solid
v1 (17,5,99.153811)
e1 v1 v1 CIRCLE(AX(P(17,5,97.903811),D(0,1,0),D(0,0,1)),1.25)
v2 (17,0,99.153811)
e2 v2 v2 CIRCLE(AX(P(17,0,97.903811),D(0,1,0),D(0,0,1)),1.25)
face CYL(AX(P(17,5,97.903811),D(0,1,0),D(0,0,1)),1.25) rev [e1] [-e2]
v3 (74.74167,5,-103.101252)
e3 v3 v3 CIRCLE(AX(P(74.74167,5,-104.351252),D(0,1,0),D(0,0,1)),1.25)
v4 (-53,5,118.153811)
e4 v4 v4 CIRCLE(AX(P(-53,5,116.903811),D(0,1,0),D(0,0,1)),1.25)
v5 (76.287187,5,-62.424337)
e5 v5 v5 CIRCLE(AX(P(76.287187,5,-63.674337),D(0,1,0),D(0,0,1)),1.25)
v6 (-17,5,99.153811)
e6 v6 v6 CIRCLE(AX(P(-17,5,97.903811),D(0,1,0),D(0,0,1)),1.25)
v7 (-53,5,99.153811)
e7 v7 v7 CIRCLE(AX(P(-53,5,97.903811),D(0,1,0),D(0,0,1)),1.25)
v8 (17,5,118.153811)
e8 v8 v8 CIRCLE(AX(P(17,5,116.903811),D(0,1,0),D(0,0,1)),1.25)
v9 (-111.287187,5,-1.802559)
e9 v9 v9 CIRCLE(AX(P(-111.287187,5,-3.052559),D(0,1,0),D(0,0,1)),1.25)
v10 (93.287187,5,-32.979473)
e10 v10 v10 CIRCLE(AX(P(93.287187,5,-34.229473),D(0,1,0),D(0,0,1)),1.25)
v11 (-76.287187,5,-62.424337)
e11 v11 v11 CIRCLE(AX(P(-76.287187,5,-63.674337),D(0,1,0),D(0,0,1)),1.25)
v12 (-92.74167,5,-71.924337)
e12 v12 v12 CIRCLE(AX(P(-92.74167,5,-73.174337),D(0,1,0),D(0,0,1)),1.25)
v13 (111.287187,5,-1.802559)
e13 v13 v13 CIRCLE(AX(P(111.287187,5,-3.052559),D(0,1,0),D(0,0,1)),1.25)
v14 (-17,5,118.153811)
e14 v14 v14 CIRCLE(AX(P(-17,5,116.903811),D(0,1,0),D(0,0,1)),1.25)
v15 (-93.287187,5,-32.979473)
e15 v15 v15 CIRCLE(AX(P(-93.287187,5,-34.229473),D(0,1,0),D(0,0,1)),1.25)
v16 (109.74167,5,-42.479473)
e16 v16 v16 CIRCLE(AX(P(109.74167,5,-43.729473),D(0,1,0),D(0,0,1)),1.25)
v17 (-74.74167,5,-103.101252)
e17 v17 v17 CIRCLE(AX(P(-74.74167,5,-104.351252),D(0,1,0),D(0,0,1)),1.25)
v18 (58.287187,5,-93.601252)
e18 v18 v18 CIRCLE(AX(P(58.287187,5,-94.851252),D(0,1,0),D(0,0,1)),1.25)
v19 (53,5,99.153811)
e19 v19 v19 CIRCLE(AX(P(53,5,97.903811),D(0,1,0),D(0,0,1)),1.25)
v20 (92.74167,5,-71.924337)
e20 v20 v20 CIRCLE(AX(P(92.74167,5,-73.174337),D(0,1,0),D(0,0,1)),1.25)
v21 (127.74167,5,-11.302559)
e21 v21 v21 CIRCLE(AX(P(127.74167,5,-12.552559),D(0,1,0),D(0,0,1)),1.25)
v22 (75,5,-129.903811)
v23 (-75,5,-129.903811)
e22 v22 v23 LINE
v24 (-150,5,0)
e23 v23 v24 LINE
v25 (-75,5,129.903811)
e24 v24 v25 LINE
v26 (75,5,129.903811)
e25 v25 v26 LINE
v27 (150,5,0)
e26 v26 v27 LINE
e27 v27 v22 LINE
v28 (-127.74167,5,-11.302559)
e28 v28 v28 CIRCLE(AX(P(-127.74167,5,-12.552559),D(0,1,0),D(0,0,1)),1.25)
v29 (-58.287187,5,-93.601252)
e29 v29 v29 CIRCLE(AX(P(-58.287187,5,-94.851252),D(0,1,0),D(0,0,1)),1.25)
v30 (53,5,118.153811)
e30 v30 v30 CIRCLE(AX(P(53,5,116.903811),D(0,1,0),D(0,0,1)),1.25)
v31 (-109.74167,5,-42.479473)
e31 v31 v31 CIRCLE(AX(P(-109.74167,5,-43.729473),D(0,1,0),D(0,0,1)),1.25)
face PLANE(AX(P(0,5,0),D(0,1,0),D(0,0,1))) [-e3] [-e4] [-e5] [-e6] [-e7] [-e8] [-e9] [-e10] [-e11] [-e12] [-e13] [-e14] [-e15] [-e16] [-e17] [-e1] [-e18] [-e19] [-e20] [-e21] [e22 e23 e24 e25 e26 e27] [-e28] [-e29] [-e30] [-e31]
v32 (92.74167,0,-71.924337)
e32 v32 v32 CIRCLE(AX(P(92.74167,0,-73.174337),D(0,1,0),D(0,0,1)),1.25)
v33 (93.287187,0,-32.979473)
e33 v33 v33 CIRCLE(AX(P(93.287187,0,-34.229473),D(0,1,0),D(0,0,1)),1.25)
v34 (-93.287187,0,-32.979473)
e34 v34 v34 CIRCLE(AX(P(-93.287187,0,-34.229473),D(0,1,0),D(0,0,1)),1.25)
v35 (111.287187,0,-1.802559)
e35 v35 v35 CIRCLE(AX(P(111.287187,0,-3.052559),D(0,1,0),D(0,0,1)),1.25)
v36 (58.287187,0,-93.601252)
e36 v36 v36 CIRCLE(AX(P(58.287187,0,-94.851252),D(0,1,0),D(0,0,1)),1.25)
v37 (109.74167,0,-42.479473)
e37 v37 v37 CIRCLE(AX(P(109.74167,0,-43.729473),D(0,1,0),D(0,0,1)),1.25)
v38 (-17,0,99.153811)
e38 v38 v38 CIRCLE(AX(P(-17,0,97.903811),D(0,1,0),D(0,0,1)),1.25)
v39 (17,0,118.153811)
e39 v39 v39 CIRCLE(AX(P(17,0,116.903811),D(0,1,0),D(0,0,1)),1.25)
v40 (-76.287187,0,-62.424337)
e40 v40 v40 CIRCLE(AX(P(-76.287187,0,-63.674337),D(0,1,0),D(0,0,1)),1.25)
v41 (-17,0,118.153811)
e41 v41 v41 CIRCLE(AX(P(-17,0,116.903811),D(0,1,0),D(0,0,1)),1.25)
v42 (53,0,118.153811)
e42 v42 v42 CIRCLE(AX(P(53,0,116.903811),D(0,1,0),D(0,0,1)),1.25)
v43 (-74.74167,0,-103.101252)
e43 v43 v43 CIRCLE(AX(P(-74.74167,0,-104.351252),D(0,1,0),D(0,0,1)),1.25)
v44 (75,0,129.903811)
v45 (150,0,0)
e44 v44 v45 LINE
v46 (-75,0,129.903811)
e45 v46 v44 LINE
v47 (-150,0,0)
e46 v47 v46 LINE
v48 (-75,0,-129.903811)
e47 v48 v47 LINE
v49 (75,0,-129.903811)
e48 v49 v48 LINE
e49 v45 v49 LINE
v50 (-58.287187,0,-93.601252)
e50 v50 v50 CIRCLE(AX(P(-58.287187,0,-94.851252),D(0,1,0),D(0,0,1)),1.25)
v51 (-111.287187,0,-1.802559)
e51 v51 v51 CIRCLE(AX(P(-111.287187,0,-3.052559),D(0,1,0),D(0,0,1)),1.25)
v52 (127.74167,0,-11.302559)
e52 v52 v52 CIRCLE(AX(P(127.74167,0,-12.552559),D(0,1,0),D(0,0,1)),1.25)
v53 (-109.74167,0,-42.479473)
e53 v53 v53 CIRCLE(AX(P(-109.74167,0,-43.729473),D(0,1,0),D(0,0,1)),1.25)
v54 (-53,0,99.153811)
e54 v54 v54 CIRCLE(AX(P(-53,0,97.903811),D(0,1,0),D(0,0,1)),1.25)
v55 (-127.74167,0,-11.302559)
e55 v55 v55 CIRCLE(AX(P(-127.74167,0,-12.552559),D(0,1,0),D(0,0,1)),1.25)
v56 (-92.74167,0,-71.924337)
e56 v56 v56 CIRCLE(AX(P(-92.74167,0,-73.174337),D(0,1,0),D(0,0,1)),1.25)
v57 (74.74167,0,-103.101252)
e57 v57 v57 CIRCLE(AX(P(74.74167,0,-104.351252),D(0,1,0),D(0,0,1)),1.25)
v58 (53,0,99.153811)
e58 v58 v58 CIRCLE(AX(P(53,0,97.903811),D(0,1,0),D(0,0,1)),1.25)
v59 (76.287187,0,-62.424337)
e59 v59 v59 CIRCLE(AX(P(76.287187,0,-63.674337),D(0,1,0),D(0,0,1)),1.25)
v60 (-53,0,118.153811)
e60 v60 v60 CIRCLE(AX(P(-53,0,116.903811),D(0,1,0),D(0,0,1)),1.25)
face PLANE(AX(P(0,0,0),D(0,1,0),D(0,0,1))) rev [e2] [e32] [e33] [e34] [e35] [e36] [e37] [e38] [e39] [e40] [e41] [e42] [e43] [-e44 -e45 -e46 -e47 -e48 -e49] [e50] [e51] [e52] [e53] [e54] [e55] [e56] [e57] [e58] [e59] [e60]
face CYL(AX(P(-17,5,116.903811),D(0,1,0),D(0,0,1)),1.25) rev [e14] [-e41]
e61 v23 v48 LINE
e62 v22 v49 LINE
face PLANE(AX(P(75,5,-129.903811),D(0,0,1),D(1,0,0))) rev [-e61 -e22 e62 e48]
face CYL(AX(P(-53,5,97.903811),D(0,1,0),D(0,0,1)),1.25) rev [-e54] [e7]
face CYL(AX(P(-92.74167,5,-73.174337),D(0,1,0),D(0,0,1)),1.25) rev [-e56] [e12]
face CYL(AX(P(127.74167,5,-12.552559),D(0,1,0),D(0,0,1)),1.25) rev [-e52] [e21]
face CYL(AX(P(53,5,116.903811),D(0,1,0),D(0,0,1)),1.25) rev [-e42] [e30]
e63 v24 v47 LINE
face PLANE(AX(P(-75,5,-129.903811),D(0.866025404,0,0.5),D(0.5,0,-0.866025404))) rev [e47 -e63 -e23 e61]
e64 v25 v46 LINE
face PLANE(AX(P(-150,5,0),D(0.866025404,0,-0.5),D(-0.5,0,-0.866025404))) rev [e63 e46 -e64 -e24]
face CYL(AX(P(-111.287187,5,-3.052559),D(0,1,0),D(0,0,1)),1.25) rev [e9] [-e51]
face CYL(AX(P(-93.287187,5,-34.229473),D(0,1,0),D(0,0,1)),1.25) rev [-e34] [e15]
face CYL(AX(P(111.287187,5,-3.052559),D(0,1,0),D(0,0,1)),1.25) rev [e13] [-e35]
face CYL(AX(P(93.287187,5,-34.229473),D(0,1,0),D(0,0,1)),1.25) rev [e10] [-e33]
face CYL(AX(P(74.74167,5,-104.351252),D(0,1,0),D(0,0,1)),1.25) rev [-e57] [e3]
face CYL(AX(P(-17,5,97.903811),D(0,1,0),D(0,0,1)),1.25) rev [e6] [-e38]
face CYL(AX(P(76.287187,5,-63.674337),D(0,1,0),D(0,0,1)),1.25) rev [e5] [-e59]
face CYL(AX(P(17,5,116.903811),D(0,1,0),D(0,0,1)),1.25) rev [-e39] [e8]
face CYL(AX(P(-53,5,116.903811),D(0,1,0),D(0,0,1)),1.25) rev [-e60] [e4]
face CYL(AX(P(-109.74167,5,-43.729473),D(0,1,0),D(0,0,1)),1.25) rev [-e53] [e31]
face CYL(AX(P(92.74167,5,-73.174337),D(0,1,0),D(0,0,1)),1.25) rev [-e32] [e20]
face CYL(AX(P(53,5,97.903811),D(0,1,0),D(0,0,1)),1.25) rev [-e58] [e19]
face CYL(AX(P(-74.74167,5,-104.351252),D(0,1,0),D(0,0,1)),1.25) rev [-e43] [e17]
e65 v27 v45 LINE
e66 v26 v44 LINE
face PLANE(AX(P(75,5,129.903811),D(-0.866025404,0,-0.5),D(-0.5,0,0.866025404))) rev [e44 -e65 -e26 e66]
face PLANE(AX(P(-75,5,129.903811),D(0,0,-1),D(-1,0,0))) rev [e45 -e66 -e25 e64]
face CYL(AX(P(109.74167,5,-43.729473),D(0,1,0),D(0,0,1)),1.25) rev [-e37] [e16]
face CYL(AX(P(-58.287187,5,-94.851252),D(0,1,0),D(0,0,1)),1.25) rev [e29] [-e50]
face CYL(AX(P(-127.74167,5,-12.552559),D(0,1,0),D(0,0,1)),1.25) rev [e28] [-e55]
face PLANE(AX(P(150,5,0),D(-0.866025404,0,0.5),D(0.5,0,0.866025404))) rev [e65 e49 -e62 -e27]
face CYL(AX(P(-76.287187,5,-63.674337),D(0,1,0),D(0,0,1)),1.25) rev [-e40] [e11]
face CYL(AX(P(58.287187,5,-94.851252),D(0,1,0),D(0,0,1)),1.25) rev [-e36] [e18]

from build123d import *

# Parameters (mm, degrees)
BOSS_EXTRUDE1_DEPTH   = 5
M3X0_5_TAPPED_HOLE3_D = 2.5
CIRPATTERN3_COUNT     = 3
CIRPATTERN3_COPY_1_D  = 2.5
CIRPATTERN3_COPY_2_D  = 2.5


with BuildPart() as part:
    # Sketch1 → Boss-Extrude1 (new body)
    with BuildSketch(Plane(origin=(0, 0, 0), x_dir=(1, 0, 0), z_dir=(0, 1, 0))):
        Polygon((150, 0), (75, 129.903810568), (-75, 129.903810568), (-150, 0), (-75, -129.903810568), (75, -129.903810568), align=None)
    extrude(amount=BOSS_EXTRUDE1_DEPTH)

    # M3x0.5 Tapped Hole3 (through all)
    with Locations(Plane(origin=(0, 5, 0), x_dir=(1, 0, 0), z_dir=(0, 1, 0))):
        with Locations((-53, -97.903810568), (-17, -97.903810568), (-17, -116.903810568), (-53, -116.903810568)):
            m3x0_5_tapped_hole3 = Hole(M3X0_5_TAPPED_HOLE3_D / 2)

    # Mirror5: M3x0.5 Tapped Hole3 across Right Plane
    add(m3x0_5_tapped_hole3.mirror(Plane(origin=(0, 0, 0), x_dir=(0, 0, -1), z_dir=(1, 0, 0))), mode=Mode.SUBTRACT)

    # CirPattern3: M3x0.5 Tapped Hole3 ×3 about axis
    cirpattern3_axis = Axis((0, 0, 0), (0, 1, 0))
    for i in range(1, CIRPATTERN3_COUNT):
        add(m3x0_5_tapped_hole3.rotate(cirpattern3_axis, i * 360 / CIRPATTERN3_COUNT), mode=Mode.SUBTRACT)

    # CirPattern3 copy 1 (through all)
    with Locations(Plane(origin=(0, 5, 0), x_dir=(0.4999999999999998, 0, 0.8660254037844387), z_dir=(0, 1, 0))):
        with Locations((-53, 97.903810568), (-17, 97.903810568), (-17, 116.903810568), (-53, 116.903810568)):
            Hole(CIRPATTERN3_COPY_1_D / 2)

    # CirPattern3 copy 2 (through all)
    with Locations(Plane(origin=(0, 5, 0), x_dir=(0.5000000000000004, 0, -0.8660254037844384), z_dir=(0, 1, 0))):
        with Locations((-53, 97.903810568), (-17, 97.903810568), (-17, 116.903810568), (-53, 116.903810568)):
            Hole(CIRPATTERN3_COPY_2_D / 2)


solid = part.part
